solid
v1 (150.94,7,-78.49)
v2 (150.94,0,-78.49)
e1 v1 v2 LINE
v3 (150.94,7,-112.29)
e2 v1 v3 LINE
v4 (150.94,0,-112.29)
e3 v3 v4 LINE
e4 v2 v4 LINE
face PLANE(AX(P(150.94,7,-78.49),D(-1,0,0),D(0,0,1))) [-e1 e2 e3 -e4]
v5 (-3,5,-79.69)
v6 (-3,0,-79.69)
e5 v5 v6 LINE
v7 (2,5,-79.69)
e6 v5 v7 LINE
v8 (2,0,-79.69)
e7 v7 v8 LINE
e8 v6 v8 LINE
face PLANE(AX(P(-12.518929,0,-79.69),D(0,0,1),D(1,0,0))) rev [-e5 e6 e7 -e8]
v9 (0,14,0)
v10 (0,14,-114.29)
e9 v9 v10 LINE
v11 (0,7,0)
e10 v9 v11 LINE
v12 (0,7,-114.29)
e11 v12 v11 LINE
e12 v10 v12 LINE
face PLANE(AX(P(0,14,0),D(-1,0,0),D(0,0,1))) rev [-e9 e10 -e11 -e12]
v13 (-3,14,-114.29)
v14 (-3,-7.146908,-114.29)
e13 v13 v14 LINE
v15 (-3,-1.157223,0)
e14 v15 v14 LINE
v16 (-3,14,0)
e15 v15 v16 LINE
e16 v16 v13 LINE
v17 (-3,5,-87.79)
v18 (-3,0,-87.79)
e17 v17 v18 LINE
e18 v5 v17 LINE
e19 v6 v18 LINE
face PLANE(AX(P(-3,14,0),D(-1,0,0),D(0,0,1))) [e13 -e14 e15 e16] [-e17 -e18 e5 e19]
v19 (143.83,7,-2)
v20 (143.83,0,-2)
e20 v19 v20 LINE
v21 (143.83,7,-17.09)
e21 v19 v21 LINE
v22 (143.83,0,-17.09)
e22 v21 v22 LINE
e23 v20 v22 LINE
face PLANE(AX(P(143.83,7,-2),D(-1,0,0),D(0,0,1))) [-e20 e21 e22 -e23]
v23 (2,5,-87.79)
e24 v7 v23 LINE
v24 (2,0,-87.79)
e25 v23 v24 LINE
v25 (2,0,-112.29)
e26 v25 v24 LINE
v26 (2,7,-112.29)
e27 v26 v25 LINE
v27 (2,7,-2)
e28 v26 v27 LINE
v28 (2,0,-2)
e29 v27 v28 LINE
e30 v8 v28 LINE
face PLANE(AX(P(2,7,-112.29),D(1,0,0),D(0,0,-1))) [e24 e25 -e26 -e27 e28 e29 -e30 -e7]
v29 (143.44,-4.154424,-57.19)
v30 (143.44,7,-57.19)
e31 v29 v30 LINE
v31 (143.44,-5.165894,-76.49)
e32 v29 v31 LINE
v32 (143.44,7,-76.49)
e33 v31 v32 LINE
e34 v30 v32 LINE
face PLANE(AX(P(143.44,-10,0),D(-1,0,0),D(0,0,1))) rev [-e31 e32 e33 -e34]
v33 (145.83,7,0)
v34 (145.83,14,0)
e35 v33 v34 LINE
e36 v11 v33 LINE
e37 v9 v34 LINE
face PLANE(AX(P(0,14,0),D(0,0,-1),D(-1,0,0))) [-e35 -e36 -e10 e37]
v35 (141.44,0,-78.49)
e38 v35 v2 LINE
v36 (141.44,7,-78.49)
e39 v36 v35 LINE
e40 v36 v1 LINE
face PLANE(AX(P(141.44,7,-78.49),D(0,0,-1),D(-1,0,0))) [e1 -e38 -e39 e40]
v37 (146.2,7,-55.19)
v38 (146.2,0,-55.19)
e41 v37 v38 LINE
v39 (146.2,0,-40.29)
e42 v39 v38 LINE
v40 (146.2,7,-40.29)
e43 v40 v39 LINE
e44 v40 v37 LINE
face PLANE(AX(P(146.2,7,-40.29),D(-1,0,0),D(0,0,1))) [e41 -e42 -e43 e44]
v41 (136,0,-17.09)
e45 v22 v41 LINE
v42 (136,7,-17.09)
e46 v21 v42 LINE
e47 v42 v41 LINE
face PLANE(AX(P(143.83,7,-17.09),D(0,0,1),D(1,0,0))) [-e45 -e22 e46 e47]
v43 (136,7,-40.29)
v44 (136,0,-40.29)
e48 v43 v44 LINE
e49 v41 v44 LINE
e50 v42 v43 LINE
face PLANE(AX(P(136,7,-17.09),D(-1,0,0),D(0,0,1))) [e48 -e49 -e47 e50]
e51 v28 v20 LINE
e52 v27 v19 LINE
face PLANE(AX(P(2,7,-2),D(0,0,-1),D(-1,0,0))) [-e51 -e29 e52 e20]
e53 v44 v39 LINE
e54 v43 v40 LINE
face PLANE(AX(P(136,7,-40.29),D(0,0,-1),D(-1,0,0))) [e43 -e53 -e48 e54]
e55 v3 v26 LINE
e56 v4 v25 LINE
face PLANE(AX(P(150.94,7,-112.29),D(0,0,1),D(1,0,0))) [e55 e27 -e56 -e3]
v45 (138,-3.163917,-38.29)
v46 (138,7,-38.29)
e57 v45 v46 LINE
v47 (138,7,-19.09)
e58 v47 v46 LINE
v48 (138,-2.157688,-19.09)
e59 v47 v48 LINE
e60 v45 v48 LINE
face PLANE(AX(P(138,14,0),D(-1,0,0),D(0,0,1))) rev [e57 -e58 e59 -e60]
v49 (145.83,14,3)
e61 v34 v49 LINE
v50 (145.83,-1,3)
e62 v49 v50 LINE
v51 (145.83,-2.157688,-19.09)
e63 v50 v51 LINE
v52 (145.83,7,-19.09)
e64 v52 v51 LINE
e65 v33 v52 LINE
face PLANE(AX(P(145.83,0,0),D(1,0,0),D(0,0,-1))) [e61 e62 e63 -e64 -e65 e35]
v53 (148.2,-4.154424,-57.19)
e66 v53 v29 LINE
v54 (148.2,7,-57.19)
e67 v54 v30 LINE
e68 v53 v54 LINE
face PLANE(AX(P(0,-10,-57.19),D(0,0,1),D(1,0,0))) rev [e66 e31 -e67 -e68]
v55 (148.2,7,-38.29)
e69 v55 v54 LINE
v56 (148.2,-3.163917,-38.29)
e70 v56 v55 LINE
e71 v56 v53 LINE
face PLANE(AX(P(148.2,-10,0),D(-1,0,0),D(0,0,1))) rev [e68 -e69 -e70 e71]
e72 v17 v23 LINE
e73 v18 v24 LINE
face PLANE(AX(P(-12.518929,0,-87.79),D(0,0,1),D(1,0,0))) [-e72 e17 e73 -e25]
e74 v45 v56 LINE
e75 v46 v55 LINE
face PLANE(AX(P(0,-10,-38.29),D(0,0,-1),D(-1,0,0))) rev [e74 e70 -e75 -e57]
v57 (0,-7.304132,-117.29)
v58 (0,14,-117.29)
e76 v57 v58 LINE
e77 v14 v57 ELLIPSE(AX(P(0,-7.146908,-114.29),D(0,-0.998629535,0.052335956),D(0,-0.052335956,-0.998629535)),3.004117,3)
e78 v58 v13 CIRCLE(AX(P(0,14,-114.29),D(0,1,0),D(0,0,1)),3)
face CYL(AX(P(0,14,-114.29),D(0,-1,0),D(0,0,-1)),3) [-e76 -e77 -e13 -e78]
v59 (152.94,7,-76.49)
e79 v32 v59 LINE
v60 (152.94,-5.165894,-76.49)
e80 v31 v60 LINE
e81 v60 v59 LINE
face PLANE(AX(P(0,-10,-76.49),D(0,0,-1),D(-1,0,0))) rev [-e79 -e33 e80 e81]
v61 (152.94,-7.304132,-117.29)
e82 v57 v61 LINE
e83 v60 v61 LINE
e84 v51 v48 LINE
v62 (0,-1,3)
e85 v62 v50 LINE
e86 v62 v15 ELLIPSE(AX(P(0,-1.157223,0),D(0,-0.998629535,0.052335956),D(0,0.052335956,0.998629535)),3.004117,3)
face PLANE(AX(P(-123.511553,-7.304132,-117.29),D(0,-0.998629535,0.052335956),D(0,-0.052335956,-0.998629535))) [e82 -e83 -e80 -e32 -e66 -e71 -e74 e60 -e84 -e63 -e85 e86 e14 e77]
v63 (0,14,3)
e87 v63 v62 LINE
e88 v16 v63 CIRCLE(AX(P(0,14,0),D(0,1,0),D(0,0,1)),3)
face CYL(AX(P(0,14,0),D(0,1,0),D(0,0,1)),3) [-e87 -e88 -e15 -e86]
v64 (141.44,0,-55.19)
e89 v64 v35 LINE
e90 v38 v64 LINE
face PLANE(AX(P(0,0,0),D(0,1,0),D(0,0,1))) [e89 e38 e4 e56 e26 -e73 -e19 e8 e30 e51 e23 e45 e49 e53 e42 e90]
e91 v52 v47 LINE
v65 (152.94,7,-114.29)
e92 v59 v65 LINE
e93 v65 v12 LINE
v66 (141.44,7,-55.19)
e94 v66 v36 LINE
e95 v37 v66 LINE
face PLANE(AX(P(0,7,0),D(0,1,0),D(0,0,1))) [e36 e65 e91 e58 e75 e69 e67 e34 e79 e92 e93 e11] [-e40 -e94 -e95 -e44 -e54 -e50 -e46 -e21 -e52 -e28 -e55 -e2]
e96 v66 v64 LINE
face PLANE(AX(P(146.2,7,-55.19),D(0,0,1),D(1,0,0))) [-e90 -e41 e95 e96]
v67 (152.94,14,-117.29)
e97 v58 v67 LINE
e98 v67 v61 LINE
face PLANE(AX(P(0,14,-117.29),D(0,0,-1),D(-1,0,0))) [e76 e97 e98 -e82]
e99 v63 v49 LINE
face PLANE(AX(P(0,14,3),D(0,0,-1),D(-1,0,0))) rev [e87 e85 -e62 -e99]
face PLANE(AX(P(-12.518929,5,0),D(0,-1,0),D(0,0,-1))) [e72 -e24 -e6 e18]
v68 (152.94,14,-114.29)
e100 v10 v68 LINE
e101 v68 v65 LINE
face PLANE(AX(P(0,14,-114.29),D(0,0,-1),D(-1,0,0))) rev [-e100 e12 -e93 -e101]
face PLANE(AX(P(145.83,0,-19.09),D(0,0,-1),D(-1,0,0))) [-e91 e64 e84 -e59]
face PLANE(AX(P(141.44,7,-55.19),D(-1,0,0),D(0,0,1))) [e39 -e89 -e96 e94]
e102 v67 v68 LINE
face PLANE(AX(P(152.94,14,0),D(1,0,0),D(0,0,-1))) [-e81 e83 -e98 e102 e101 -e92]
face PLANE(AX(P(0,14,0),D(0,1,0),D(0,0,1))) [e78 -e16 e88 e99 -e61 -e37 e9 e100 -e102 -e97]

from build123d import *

# Parameters (mm, degrees)
BOSS_EXTRUDE1_DEPTH = 14
BOSS_EXTRUDE2_DEPTH = 1
BOSS_EXTRUDE3_DEPTH = 155.94
SKETCH1_5_W         = 14.94
SKETCH1_5_H         = 3
CUT_EXTRUDE1_DEPTH  = 10
BOSS_EXTRUDE4_DEPTH = 7.83
FILLET1_R           = 3
BOSS_EXTRUDE5_DEPTH = 7
SKETCH5_W           = 8.1
SKETCH5_H           = 5
CUT_EXTRUDE2_DEPTH  = 5


with BuildPart() as part:
    # Sketch1 → Boss-Extrude1 (new body)
    with BuildSketch(Plane(origin=(0, 0, 0), x_dir=(1, 0, 0), z_dir=(0, 1, 0))):
        Polygon((152.94, 117.29), (152.94, 114.29), (0, 114.29), (0, 0), (138, 0), (138, -3), (-3, -3), (-3, 117.29), align=None)
    extrude(amount=BOSS_EXTRUDE1_DEPTH)

    # Sketch1<3> → Boss-Extrude2 (add)
    with BuildSketch(Plane(origin=(0, 0, 0), x_dir=(1, 0, 0), z_dir=(0, 1, 0))):
        Polygon((138, 38.29), (138, 0), (0, 0), (0, 114.29), (152.94, 114.29), (152.94, 76.49), (143.44, 76.49), (143.44, 57.19), (148.2, 57.19), (148.2, 38.29), align=None)
        Polygon((152.94, 117.29), (152.94, 114.29), (0, 114.29), (0, 0), (138, 0), (138, -3), (-3, -3), (-3, 117.29), align=None)
    extrude(amount=-BOSS_EXTRUDE2_DEPTH)

    # Sketch2 → Boss-Extrude3 (add)
    with BuildSketch(Plane(origin=(152.94, 0, 0), x_dir=(0, 0, -1), z_dir=(1, 0, 0))):
        Polygon((117.29, 0), (117.29, -7.30413177), (-3, -1), (-3, 0), align=None)
    extrude(amount=-BOSS_EXTRUDE3_DEPTH)

    # Sketch1<5> → Cut-Extrude1 (cut)
    with BuildSketch(Plane(origin=(0, 0, 0), x_dir=(1, 0, 0), z_dir=(0, 1, 0))):
        with Locations((145.47, -1.5)):
            Rectangle(SKETCH1_5_W, SKETCH1_5_H)
        Polygon((138, 0), (152.94, 0), (152.94, 76.49), (143.44, 76.49), (143.44, 57.19), (148.2, 57.19), (148.2, 38.29), (138, 38.29), align=None)
    extrude(amount=-CUT_EXTRUDE1_DEPTH, mode=Mode.SUBTRACT)

    # Sketch3 → Boss-Extrude4 (add)
    with BuildSketch(Plane(origin=(138, 0, 0), x_dir=(0, 0, -1), z_dir=(1, 0, 0))):
        Polygon((19.09, -2.157687844), (19.09, 0), (0, 0), (0, 14), (-3, 14), (-3, -1), align=None)
    extrude(amount=BOSS_EXTRUDE4_DEPTH)

    # Fillet1
    fillet1_edges = [part.edges().sort_by_distance(p)[0] for p in [
        (-3, 6.5, 3),
        (-3, 3.347934115, -117.29),
    ]]
    fillet(fillet1_edges, radius=FILLET1_R)

    # Sketch4 → Boss-Extrude5 (add)
    with BuildSketch(Plane(origin=(0, 0, 0), x_dir=(1, 0, 0), z_dir=(0, 1, 0))):
        Polygon((0, 0), (145.83, 0), (145.83, 19.09), (138, 19.09), (138, 38.29), (148.2, 38.29), (148.2, 57.19), (143.44, 57.19), (143.44, 76.49), (152.94, 76.49), (152.94, 114.29), (0, 114.29), align=None)
        Polygon((150.94, 112.29), (2, 112.29), (2, 2), (143.83, 2), (143.83, 17.09), (136, 17.09), (136, 40.29), (146.2, 40.29), (146.2, 55.19), (141.44, 55.19), (141.44, 78.49), (150.94, 78.49), align=None, mode=Mode.SUBTRACT)
    extrude(amount=BOSS_EXTRUDE5_DEPTH)

    # Sketch5 → Cut-Extrude2 (cut)
    with BuildSketch(Plane(origin=(2, 0, 0), x_dir=(0, 0, -1), z_dir=(1, 0, 0))):
        with Locations((83.74, 2.5)):
            Rectangle(SKETCH5_W, SKETCH5_H)
    extrude(amount=-CUT_EXTRUDE2_DEPTH, mode=Mode.SUBTRACT)


solid = part.part
